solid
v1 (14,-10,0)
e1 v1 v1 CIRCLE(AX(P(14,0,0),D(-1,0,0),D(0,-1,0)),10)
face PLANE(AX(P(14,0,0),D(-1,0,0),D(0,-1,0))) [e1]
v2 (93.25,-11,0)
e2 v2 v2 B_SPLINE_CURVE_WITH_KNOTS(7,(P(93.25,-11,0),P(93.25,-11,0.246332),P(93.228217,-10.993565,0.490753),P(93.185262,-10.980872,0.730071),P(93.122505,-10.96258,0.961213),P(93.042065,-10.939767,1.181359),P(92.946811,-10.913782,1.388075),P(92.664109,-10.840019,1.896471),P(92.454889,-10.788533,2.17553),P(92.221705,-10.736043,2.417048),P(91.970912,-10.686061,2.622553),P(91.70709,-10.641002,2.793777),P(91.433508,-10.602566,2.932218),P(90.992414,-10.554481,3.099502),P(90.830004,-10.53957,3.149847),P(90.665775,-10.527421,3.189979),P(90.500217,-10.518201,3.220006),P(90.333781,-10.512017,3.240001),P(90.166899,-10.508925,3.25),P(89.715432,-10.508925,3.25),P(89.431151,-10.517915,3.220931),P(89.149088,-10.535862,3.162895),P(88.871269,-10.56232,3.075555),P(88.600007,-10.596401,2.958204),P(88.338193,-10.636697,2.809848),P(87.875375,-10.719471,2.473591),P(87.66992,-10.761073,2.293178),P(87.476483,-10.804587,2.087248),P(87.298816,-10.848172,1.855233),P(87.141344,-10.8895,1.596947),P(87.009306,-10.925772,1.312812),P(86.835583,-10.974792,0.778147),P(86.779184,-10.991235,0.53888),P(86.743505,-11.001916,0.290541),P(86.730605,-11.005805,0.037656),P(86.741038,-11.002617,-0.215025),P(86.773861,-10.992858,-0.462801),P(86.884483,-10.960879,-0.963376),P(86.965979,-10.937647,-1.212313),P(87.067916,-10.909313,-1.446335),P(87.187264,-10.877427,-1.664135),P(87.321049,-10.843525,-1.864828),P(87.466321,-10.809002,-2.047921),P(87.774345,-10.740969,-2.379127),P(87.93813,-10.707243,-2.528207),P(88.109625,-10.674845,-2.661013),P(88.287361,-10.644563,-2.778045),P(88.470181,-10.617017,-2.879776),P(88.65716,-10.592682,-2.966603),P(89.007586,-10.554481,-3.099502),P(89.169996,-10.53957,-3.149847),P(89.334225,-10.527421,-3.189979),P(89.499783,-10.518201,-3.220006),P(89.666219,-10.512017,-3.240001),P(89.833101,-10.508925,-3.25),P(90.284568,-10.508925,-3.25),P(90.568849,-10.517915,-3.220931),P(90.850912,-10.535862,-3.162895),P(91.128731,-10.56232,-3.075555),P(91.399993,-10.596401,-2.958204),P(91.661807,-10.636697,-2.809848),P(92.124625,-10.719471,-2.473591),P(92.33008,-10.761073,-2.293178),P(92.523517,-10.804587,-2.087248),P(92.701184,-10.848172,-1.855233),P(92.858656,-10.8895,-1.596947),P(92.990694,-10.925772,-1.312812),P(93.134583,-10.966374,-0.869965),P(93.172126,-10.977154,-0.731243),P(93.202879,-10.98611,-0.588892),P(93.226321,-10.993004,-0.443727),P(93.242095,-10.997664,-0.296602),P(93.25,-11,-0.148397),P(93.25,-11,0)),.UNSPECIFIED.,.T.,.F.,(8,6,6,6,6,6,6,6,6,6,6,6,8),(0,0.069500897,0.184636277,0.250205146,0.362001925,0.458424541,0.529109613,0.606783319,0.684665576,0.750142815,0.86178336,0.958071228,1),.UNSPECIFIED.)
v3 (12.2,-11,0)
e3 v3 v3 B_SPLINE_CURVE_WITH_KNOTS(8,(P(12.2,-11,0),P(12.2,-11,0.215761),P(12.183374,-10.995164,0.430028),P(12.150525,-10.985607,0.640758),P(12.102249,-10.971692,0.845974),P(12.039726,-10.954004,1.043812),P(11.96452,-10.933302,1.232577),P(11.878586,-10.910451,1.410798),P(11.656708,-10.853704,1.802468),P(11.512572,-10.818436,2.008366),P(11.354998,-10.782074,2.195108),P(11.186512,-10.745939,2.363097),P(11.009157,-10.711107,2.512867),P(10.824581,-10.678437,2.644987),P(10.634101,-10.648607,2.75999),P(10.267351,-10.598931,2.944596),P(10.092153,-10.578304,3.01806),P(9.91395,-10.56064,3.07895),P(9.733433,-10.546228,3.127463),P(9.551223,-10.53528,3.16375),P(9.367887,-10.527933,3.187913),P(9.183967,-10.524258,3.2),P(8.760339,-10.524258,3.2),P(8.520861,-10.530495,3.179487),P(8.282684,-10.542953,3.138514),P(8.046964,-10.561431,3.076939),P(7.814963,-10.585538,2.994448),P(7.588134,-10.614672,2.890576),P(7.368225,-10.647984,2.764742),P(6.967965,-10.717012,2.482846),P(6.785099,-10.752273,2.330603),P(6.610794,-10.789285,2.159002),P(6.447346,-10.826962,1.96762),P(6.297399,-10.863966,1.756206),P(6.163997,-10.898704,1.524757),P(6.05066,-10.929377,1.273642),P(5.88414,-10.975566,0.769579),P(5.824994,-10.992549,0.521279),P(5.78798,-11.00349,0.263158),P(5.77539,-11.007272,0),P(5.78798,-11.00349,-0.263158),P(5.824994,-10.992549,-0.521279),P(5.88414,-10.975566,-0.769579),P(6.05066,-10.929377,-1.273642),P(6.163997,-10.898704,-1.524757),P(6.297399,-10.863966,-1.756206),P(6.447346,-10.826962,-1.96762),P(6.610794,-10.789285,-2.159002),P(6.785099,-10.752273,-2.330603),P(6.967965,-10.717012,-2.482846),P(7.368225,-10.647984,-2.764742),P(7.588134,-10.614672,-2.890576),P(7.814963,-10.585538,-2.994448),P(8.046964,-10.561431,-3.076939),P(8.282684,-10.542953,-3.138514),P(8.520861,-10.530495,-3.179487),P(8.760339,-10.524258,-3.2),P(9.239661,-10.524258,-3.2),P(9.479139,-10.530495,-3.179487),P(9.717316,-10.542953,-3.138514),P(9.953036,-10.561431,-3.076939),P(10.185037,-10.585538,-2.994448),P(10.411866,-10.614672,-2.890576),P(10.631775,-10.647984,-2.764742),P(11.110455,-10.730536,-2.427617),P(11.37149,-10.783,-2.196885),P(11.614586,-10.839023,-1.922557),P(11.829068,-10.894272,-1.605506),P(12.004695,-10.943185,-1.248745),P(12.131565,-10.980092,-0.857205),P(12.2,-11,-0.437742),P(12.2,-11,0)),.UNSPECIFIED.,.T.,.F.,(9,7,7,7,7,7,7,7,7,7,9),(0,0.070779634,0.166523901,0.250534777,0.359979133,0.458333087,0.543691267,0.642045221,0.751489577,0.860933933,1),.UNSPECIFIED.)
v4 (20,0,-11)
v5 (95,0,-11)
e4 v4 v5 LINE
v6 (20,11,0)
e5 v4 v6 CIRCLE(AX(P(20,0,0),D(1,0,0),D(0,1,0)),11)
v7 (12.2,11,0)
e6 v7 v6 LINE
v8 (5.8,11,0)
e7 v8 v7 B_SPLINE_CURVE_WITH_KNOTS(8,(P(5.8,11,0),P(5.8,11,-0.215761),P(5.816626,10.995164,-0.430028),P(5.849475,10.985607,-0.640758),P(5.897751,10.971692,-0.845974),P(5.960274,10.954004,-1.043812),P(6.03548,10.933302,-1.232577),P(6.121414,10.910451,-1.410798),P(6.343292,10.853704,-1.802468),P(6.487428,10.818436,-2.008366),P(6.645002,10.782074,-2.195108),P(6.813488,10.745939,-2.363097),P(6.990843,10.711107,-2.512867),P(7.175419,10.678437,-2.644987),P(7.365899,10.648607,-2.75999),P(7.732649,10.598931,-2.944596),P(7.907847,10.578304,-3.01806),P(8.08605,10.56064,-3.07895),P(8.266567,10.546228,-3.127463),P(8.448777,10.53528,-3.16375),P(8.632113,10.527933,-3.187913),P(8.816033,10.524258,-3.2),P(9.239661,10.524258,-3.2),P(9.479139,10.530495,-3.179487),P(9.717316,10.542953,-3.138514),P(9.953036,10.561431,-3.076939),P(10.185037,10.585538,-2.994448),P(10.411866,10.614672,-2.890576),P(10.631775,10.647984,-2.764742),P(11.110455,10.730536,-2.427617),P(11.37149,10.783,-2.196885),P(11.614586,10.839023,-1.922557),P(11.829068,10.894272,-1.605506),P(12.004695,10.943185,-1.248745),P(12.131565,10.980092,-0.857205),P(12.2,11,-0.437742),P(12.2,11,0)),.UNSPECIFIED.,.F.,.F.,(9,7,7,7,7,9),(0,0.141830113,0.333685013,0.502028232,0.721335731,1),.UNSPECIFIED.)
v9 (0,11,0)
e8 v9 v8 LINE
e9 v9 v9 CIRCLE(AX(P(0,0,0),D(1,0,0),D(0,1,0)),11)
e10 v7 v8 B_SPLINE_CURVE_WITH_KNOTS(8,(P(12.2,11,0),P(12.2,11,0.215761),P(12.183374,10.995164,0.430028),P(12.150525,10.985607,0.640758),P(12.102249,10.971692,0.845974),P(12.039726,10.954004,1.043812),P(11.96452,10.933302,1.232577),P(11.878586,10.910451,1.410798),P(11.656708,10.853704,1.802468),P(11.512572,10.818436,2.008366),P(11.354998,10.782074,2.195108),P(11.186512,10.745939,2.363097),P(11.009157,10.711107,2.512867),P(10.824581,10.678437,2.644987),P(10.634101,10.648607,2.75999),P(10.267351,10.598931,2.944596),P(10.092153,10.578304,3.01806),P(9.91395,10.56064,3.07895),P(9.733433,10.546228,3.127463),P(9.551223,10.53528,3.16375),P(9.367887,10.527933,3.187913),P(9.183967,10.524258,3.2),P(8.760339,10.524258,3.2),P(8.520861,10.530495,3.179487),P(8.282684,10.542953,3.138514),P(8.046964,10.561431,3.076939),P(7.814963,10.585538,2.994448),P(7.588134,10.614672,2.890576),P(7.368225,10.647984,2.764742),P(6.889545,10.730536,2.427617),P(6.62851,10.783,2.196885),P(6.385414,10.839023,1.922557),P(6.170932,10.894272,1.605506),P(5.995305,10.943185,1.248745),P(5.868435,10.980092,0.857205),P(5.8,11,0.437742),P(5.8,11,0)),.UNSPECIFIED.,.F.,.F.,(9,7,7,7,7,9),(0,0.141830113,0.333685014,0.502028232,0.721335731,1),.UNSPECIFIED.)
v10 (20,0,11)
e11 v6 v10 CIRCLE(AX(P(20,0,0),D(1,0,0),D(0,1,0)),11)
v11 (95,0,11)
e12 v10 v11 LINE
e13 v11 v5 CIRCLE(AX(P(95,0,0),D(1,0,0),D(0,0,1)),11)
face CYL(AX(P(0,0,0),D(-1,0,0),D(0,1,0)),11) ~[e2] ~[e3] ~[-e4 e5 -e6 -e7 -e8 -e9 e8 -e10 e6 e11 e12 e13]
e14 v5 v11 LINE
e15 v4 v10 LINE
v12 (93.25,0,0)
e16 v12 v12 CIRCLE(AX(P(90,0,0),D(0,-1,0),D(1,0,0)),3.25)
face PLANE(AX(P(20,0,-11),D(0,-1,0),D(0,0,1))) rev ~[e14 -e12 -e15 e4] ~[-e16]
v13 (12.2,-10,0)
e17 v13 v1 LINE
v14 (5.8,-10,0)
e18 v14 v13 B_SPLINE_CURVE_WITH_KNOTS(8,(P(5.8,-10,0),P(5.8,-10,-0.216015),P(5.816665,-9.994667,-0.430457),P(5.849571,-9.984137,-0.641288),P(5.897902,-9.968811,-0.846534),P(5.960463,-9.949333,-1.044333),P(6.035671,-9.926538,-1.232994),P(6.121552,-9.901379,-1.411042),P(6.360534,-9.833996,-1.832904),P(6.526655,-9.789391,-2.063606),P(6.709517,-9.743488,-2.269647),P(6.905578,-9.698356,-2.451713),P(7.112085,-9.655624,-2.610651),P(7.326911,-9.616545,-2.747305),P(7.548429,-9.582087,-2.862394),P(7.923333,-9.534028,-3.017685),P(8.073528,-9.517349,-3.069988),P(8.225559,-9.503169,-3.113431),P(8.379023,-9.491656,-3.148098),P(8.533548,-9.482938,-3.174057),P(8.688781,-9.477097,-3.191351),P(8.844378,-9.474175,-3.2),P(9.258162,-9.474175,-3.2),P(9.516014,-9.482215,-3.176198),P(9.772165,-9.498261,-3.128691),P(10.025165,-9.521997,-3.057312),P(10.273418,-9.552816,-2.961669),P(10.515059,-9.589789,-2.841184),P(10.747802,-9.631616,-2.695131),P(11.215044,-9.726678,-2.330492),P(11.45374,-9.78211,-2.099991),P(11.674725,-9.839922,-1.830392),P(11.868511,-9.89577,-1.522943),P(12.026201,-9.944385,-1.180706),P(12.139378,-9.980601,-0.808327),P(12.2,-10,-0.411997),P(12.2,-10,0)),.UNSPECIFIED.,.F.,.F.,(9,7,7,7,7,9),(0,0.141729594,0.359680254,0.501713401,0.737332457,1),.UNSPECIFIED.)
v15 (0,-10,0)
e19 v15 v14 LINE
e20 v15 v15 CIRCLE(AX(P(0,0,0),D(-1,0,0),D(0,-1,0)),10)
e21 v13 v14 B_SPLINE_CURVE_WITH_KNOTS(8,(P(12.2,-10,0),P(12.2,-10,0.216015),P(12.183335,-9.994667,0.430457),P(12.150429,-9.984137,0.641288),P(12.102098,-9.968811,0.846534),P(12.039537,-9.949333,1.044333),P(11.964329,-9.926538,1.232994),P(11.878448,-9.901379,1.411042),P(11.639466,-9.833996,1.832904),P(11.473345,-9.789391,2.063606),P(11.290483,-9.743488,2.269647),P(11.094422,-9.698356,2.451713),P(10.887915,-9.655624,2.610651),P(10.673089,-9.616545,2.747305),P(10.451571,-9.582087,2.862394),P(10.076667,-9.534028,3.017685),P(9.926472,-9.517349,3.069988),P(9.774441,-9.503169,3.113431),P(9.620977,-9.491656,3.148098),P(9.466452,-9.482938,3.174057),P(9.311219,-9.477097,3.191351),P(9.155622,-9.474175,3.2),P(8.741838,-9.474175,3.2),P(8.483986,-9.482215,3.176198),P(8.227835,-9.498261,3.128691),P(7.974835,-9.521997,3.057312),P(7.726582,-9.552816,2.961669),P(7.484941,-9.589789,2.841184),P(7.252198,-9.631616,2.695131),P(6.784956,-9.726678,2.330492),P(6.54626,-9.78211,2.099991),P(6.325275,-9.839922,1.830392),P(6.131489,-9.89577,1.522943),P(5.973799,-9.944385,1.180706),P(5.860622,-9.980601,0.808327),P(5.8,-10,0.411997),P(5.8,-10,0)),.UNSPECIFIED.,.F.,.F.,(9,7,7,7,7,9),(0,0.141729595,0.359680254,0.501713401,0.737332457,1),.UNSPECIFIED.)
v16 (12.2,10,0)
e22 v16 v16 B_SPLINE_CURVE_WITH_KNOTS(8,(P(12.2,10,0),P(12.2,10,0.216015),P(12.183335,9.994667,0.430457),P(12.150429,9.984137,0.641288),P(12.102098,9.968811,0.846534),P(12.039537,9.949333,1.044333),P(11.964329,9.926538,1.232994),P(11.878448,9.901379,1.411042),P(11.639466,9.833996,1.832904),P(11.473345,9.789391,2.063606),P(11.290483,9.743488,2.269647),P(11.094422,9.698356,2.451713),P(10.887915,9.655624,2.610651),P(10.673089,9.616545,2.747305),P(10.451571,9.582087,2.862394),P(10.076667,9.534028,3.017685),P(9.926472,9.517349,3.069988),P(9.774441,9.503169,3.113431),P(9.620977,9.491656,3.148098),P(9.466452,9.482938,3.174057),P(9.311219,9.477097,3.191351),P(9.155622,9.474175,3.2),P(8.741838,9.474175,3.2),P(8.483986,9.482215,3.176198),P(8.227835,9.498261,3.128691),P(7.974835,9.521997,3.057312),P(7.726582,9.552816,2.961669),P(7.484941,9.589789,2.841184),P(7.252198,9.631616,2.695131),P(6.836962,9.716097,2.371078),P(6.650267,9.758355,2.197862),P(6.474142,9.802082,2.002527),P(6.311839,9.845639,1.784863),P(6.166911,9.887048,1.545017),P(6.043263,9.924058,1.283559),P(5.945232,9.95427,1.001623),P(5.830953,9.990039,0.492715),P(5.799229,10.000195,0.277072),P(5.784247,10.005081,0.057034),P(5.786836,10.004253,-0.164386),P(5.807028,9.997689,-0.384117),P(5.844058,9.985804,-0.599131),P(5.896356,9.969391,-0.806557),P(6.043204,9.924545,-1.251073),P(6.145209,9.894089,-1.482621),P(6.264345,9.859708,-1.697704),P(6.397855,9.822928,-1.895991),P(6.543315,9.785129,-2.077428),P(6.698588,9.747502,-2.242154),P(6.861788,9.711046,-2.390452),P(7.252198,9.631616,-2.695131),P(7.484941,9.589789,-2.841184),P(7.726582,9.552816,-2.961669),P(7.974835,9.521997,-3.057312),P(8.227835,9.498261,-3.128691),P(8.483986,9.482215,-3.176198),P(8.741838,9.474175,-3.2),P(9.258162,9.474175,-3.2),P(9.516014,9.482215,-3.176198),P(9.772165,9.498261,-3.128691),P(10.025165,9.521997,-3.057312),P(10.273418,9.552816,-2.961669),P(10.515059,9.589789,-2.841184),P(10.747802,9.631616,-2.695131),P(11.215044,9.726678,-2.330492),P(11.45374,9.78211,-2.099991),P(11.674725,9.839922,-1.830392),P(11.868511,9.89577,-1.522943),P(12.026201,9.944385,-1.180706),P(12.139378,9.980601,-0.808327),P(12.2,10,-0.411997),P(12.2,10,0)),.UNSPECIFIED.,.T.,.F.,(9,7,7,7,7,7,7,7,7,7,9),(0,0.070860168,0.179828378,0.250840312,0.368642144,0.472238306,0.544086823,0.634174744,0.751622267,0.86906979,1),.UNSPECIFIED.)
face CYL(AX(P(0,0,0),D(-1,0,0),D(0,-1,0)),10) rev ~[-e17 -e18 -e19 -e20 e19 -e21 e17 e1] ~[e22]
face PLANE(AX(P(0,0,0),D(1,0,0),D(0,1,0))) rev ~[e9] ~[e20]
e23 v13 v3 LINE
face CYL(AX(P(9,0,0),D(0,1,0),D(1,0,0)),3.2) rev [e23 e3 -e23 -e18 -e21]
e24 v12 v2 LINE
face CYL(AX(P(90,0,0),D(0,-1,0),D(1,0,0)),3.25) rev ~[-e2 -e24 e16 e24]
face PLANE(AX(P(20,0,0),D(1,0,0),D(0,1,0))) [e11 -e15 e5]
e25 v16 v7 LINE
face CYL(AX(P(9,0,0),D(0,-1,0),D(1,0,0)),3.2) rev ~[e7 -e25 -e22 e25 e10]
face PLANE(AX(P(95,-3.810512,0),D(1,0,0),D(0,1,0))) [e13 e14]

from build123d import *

# Parameters (mm, degrees)
F0_R     = 11
F1_DEPTH = 20
F2_R     = 10
F3_DEPTH = 14
F5_DEPTH = 75
F6_R     = 3.2
F6_R_2   = 3.25
F7_DEPTH = 12.5


with BuildPart() as f1:
    # F0 (on Right) → F1 (new body)
    with BuildSketch(Plane.YZ):
        Circle(F0_R)
    extrude(amount=F1_DEPTH)

    # F2 (on face) → F3 (cut)
    with BuildSketch(Plane(origin=(0, 0, 0), x_dir=(0, -1, 0), z_dir=(-1, 0, 0))):
        Circle(F2_R)
    extrude(amount=-F3_DEPTH, mode=Mode.SUBTRACT)

    # F4 (on face) → F5 (join)
    with BuildSketch(Plane.YZ.offset(20)):
        with BuildLine():
            Line((0, -11), (0, 11))
            ThreePointArc((0, 11), (-11, 0), (0, -11))
        make_face()
    extrude(amount=F5_DEPTH)

    # F6 (on Front) → F7 (cut, symmetric)
    with BuildSketch(Plane.XZ):
        with Locations((9, 0)):
            Circle(F6_R)
        with Locations((90, 0)):
            Circle(F6_R_2)
    extrude(amount=F7_DEPTH, both=True, mode=Mode.SUBTRACT)


solid = f1.part
